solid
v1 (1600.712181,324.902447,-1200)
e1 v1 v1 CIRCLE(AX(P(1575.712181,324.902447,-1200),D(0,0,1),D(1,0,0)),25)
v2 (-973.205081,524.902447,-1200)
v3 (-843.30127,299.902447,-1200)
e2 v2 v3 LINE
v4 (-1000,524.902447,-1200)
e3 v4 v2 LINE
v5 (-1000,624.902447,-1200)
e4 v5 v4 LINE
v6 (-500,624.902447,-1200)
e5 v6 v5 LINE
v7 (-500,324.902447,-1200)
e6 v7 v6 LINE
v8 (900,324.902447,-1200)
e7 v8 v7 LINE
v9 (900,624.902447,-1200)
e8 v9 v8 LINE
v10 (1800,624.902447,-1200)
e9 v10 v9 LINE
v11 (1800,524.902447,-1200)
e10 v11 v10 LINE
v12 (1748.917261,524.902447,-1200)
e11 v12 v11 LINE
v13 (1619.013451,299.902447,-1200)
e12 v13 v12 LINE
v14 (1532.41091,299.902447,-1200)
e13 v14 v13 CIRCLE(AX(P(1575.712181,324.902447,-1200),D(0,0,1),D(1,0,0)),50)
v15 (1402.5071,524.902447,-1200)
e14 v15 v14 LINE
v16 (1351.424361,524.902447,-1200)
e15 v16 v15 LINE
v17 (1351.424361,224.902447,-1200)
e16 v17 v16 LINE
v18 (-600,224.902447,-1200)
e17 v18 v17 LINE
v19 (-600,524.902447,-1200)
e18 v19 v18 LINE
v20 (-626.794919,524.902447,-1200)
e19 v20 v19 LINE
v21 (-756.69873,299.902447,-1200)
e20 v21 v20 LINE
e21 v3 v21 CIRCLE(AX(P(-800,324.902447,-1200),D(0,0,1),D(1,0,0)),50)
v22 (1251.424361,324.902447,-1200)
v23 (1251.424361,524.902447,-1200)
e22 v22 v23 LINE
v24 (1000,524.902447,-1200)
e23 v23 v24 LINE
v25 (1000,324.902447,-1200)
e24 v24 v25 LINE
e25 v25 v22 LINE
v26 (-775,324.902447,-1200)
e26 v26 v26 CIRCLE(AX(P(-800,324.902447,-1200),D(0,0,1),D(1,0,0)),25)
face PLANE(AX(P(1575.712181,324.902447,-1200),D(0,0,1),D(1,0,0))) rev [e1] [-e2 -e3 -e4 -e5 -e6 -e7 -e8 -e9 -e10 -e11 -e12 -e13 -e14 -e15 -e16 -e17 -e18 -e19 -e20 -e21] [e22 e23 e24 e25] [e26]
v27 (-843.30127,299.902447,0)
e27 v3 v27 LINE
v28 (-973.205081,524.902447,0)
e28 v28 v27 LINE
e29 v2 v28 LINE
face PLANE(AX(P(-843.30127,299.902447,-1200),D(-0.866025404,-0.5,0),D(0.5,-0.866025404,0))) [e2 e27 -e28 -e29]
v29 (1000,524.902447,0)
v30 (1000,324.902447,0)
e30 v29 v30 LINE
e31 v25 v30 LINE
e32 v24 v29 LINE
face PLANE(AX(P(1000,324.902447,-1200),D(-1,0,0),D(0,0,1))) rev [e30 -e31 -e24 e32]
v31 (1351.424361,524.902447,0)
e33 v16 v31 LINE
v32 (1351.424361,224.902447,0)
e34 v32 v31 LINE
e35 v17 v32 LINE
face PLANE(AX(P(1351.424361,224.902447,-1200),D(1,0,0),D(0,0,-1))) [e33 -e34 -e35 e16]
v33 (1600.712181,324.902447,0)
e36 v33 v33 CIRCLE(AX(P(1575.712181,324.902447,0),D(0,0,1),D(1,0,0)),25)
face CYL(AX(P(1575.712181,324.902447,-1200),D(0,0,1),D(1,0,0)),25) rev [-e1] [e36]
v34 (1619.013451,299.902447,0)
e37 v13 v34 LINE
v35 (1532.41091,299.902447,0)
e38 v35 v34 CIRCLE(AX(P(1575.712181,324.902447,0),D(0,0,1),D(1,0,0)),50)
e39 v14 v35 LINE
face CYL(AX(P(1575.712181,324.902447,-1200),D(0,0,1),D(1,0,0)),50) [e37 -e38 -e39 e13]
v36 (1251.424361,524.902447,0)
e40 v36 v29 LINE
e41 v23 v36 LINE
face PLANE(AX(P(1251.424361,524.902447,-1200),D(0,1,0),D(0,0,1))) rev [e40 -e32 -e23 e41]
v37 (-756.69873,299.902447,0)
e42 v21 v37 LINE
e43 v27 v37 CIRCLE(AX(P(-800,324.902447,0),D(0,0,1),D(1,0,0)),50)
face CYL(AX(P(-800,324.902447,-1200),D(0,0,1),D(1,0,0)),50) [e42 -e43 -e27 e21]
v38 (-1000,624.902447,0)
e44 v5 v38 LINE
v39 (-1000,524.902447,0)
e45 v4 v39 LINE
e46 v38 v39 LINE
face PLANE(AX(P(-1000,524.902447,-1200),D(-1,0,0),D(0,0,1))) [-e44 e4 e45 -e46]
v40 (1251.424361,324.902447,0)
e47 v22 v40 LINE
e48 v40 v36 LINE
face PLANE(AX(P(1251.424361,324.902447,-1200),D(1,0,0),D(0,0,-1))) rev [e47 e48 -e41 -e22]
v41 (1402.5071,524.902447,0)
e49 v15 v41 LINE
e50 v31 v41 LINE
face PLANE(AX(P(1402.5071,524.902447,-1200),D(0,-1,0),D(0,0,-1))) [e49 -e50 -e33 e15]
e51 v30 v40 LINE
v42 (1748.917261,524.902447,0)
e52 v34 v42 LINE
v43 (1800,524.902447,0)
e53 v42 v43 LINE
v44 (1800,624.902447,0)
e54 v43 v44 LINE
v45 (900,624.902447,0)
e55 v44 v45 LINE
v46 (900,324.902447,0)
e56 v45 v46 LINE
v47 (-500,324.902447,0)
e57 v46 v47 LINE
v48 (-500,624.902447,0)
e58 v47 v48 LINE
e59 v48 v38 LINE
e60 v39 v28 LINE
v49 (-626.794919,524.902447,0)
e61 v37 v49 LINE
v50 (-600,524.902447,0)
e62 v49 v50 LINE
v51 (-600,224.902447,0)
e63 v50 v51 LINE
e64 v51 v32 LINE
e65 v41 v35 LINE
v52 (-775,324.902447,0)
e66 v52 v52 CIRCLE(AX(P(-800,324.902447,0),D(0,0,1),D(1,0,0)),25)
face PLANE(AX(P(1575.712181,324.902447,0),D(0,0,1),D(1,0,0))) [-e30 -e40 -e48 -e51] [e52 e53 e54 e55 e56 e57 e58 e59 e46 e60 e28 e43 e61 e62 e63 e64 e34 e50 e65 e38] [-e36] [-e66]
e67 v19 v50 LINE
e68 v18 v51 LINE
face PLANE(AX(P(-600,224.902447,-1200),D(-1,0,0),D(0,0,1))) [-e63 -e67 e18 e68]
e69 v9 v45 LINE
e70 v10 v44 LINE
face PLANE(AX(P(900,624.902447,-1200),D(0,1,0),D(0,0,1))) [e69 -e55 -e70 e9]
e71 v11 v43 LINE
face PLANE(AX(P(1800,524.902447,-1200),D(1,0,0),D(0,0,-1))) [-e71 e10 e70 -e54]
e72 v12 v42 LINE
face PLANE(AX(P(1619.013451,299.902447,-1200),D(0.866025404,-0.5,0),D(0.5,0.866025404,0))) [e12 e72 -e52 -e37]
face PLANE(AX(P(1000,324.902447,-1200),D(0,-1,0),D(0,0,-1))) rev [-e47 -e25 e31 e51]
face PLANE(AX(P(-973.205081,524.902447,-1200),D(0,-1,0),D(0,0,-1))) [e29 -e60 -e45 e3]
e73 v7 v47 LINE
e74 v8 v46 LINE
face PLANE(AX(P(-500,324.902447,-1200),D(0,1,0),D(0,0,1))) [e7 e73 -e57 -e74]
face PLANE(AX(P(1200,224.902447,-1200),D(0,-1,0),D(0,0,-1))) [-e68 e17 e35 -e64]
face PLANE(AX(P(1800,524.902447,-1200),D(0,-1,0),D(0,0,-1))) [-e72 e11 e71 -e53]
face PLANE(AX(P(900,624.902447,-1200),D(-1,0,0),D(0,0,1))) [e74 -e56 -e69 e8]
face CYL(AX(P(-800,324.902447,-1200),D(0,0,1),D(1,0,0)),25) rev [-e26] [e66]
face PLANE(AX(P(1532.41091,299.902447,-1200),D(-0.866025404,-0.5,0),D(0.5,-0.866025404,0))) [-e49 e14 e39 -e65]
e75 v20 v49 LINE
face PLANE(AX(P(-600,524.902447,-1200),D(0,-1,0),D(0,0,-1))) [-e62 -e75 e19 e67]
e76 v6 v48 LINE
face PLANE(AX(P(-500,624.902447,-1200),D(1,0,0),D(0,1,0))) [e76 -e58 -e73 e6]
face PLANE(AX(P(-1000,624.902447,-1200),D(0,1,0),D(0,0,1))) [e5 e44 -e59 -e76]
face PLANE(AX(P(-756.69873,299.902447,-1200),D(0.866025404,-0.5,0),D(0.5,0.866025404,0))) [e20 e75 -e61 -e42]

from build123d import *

# Parameters (mm, degrees)
SKETCH4_R           = 25
SKETCH4_W           = 251.424361175
SKETCH4_H           = 200
BOSS_EXTRUDE3_DEPTH = 1200


with BuildPart() as part:
    # Sketch4 → Boss-Extrude3 (new body)
    with BuildSketch(Plane.XY):
        with BuildLine():
            Line((-600, 224.902446896), (1200, 224.902446896))
            Line((1200, 224.902446896), (1351.424361175, 224.902446896))
            Line((1351.424361175, 224.902446896), (1351.424361175, 524.902446896))
            Line((1351.424361175, 524.902446896), (1402.507099831, 524.902446896))
            Line((1402.507099831, 524.902446896), (1532.410910398, 299.902446896))
            ThreePointArc((1532.410910398, 299.902446896), (1575.712180588, 274.902446896), (1619.013450777, 299.902446896))
            Line((1619.013450777, 299.902446896), (1748.917261345, 524.902446896))
            Line((1748.917261345, 524.902446896), (1800, 524.902446896))
            Line((1800, 524.902446896), (1800, 624.902446896))
            Line((1800, 624.902446896), (900, 624.902446896))
            Line((900, 624.902446896), (900, 324.902446896))
            Line((900, 324.902446896), (-500, 324.902446896))
            Line((-500, 324.902446896), (-500, 624.902446896))
            Line((-500, 624.902446896), (-1000, 624.902446896))
            Line((-1000, 624.902446896), (-1000, 524.902446896))
            Line((-1000, 524.902446896), (-973.205080757, 524.902446896))
            Line((-973.205080757, 524.902446896), (-843.301270189, 299.902446896))
            ThreePointArc((-843.301270189, 299.902446896), (-800, 274.902446896), (-756.698729811, 299.902446896))
            Line((-756.698729811, 299.902446896), (-626.794919243, 524.902446896))
            Line((-626.794919243, 524.902446896), (-600, 524.902446896))
            Line((-600, 524.902446896), (-600, 224.902446896))
        make_face()
        with Locations((-800, 324.902446896)):
            Circle(SKETCH4_R, mode=Mode.SUBTRACT)
        with Locations((1575.712180588, 324.902446896)):
            Circle(SKETCH4_R, mode=Mode.SUBTRACT)
        with Locations((1125.712180588, 424.902446896)):
            Rectangle(SKETCH4_W, SKETCH4_H, mode=Mode.SUBTRACT)
    extrude(amount=-BOSS_EXTRUDE3_DEPTH)


solid = part.part
